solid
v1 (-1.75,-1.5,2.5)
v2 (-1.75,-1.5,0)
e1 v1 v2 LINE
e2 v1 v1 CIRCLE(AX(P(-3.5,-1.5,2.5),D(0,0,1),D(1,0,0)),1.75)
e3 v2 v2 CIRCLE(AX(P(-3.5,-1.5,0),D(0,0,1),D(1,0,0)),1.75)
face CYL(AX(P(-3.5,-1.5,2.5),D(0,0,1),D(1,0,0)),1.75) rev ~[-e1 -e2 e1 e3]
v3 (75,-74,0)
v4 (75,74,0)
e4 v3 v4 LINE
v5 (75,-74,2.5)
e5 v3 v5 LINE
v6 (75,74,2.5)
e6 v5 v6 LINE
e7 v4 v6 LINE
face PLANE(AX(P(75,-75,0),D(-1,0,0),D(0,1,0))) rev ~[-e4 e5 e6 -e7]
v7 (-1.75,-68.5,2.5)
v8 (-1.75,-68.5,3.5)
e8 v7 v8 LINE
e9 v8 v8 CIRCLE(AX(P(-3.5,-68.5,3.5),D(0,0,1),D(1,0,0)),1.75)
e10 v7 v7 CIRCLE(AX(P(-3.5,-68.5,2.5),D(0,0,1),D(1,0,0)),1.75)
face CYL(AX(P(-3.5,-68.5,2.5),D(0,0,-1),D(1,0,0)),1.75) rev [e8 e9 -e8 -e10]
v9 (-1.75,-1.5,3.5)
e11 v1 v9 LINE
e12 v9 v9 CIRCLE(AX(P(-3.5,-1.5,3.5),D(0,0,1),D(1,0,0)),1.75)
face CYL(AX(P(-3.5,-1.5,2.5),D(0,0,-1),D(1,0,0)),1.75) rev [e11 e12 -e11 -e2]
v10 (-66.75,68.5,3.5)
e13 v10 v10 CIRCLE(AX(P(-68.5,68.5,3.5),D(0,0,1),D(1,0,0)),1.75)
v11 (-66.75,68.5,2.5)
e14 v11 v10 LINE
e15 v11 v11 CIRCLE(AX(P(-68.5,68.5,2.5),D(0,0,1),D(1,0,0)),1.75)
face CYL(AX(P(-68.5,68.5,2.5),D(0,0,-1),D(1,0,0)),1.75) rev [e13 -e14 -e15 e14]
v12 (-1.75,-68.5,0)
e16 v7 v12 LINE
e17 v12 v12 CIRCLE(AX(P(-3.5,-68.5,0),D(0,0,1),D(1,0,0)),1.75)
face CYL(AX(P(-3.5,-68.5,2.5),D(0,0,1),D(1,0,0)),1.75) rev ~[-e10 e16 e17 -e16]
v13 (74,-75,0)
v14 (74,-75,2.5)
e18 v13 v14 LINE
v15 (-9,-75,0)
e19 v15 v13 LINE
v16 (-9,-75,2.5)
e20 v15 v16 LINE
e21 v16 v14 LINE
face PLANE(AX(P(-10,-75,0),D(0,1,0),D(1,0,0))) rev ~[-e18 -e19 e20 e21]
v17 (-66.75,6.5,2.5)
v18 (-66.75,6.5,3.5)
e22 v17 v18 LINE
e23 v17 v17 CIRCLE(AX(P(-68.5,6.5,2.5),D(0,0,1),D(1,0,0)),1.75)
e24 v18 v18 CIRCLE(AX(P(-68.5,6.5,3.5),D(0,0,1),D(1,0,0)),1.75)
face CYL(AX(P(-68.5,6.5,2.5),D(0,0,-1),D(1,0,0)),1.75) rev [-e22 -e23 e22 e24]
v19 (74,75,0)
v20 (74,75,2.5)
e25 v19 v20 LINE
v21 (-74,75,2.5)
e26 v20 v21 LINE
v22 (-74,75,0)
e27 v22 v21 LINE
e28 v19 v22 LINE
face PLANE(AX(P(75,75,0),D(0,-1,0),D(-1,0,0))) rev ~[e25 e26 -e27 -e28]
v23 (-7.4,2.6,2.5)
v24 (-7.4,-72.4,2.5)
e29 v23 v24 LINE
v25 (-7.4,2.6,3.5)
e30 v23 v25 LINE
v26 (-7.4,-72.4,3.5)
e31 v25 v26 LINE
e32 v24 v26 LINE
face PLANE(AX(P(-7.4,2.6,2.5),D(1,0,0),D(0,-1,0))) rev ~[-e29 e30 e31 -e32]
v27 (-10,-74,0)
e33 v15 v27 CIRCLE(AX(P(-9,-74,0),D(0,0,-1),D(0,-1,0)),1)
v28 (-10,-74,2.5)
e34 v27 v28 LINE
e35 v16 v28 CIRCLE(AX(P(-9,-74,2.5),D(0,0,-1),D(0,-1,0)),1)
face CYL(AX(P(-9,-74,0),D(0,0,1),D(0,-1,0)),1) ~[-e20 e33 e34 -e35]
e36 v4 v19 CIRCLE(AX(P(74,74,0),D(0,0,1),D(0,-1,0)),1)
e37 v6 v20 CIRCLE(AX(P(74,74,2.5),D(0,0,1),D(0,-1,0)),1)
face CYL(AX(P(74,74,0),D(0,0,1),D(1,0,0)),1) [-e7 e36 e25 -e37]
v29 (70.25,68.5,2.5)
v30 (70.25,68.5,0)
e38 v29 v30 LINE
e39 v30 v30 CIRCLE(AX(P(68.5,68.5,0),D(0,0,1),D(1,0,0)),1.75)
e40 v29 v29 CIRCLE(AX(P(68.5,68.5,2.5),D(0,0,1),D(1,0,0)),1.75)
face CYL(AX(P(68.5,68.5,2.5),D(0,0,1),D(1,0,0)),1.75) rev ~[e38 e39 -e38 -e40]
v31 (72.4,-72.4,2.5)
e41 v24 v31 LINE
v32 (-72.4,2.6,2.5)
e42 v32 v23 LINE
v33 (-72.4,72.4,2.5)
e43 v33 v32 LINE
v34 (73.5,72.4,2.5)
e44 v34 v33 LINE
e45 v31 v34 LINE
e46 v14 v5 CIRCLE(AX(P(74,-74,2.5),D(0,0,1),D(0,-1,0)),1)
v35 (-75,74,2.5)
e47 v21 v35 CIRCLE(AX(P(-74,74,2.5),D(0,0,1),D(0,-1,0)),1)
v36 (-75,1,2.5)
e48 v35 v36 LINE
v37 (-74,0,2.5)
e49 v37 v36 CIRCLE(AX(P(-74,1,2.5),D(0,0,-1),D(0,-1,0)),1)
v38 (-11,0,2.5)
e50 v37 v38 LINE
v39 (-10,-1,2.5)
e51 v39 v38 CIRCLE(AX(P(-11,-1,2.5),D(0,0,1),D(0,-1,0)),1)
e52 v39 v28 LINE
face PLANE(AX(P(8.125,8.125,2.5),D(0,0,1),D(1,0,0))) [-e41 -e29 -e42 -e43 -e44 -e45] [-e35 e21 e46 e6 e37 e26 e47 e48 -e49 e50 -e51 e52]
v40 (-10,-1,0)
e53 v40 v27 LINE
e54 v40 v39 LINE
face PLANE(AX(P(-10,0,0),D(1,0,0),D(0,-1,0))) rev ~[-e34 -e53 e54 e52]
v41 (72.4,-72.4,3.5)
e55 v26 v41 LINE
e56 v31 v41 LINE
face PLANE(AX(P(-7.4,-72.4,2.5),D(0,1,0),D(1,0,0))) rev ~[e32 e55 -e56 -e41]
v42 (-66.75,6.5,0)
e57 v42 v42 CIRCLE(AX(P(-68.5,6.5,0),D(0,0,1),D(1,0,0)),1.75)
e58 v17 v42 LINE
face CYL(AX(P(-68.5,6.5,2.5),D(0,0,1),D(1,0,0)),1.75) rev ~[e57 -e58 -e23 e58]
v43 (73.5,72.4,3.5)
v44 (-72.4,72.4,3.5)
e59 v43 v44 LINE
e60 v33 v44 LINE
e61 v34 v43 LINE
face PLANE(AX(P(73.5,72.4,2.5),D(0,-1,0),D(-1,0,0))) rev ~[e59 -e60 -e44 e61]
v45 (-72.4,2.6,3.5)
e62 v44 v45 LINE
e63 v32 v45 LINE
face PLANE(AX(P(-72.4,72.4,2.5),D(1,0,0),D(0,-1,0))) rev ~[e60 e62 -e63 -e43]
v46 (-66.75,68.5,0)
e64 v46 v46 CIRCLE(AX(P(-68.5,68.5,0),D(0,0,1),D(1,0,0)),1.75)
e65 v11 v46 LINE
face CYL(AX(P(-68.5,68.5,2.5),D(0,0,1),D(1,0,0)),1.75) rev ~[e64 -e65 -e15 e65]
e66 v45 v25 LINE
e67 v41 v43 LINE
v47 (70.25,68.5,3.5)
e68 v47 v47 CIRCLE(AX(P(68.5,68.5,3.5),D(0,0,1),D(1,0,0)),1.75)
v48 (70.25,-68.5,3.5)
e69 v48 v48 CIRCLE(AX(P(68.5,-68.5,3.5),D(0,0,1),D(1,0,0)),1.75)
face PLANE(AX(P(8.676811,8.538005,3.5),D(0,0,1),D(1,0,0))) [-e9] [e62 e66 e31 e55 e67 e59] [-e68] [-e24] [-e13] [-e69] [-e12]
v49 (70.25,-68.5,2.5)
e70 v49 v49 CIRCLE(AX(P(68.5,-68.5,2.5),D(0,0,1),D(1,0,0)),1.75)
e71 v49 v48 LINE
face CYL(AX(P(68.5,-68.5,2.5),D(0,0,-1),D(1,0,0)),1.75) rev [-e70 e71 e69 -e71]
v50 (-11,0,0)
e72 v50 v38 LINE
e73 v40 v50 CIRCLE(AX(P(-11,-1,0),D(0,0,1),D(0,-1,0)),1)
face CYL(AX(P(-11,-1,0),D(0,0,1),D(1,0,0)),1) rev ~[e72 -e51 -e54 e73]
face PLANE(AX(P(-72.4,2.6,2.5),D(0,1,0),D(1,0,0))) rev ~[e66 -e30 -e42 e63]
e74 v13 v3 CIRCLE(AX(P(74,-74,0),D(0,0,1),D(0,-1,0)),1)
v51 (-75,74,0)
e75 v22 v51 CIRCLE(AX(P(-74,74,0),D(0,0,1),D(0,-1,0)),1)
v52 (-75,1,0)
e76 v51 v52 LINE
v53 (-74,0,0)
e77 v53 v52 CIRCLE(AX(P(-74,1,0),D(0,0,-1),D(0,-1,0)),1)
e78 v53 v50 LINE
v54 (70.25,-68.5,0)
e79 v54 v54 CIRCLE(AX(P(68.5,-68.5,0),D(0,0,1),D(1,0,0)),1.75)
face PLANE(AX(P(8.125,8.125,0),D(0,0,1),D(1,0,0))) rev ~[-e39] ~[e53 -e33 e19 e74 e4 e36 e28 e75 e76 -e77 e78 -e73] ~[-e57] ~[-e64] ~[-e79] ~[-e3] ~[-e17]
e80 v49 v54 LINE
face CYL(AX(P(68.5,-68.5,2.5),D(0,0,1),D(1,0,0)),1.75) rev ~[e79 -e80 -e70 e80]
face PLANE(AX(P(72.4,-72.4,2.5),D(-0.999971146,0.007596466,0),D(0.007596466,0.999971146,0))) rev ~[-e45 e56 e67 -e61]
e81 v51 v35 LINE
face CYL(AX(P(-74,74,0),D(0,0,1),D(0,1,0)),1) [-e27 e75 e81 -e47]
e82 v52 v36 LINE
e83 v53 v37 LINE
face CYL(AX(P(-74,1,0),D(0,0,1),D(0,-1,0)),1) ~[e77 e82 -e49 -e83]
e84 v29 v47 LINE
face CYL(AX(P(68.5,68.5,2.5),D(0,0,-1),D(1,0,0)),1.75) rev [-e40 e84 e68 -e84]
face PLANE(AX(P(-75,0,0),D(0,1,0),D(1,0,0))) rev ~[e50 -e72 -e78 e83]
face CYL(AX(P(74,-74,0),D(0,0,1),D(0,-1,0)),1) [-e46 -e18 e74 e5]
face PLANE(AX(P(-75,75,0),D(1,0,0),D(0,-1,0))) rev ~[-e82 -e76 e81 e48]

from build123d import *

# Parameters (mm, degrees)
F1_DEPTH = 2.5
F2_R     = 1.75
F3_DEPTH = 3.5
F4_DEPTH = 1
F5_R     = 1


with BuildPart() as f1:
    # F0 (on Top) → F1 (new body)
    with BuildSketch(Plane.XY):
        Polygon((-10, -75), (75, -75), (75, 75), (-75, 75), (-75, 0), (-10, 0), align=None)
    extrude(amount=F1_DEPTH)

    # F2 (on face) → F3 (cut)
    with BuildSketch(Plane.XY.offset(2.5)):
        with Locations((-68.5, 68.5)):
            Circle(F2_R)
        with Locations((68.5, 68.5)):
            Circle(F2_R)
        with Locations((68.5, -68.5)):
            Circle(F2_R)
        with Locations((-3.5, -68.5)):
            Circle(F2_R)
        with Locations((-68.5, 6.5)):
            Circle(F2_R)
        with Locations((-3.5, -1.5)):
            Circle(F2_R)
    extrude(amount=-F3_DEPTH, mode=Mode.SUBTRACT)

    # F2 (on face) → F4 (join)
    with BuildSketch(Plane.XY.offset(2.5)):
        Polygon((73.5, 72.4), (-72.4, 72.4), (-72.4, 2.6), (-7.4, 2.6), (-7.4, -72.4), (72.4, -72.4), align=None)
        with Locations((-3.5, -68.5)):
            Circle(F2_R, mode=Mode.SUBTRACT)
        with Locations((-3.5, -1.5)):
            Circle(F2_R, mode=Mode.SUBTRACT)
        with Locations((68.5, -68.5)):
            Circle(F2_R, mode=Mode.SUBTRACT)
        with Locations((-68.5, 6.5)):
            Circle(F2_R, mode=Mode.SUBTRACT)
        with Locations((-68.5, 68.5)):
            Circle(F2_R, mode=Mode.SUBTRACT)
        with Locations((68.5, 68.5)):
            Circle(F2_R, mode=Mode.SUBTRACT)
    extrude(amount=F4_DEPTH)

    # F5
    f5_edges = [f1.edges().sort_by_distance(p)[0] for p in [
        (-10, 0, 1.25),
        (-10, -75, 1.25),
        (75, -75, 1.25),
        (75, 75, 1.25),
        (-75, 75, 1.25),
        (-75, 0, 1.25),
    ]]
    fillet(f5_edges, radius=F5_R)


solid = f1.part
